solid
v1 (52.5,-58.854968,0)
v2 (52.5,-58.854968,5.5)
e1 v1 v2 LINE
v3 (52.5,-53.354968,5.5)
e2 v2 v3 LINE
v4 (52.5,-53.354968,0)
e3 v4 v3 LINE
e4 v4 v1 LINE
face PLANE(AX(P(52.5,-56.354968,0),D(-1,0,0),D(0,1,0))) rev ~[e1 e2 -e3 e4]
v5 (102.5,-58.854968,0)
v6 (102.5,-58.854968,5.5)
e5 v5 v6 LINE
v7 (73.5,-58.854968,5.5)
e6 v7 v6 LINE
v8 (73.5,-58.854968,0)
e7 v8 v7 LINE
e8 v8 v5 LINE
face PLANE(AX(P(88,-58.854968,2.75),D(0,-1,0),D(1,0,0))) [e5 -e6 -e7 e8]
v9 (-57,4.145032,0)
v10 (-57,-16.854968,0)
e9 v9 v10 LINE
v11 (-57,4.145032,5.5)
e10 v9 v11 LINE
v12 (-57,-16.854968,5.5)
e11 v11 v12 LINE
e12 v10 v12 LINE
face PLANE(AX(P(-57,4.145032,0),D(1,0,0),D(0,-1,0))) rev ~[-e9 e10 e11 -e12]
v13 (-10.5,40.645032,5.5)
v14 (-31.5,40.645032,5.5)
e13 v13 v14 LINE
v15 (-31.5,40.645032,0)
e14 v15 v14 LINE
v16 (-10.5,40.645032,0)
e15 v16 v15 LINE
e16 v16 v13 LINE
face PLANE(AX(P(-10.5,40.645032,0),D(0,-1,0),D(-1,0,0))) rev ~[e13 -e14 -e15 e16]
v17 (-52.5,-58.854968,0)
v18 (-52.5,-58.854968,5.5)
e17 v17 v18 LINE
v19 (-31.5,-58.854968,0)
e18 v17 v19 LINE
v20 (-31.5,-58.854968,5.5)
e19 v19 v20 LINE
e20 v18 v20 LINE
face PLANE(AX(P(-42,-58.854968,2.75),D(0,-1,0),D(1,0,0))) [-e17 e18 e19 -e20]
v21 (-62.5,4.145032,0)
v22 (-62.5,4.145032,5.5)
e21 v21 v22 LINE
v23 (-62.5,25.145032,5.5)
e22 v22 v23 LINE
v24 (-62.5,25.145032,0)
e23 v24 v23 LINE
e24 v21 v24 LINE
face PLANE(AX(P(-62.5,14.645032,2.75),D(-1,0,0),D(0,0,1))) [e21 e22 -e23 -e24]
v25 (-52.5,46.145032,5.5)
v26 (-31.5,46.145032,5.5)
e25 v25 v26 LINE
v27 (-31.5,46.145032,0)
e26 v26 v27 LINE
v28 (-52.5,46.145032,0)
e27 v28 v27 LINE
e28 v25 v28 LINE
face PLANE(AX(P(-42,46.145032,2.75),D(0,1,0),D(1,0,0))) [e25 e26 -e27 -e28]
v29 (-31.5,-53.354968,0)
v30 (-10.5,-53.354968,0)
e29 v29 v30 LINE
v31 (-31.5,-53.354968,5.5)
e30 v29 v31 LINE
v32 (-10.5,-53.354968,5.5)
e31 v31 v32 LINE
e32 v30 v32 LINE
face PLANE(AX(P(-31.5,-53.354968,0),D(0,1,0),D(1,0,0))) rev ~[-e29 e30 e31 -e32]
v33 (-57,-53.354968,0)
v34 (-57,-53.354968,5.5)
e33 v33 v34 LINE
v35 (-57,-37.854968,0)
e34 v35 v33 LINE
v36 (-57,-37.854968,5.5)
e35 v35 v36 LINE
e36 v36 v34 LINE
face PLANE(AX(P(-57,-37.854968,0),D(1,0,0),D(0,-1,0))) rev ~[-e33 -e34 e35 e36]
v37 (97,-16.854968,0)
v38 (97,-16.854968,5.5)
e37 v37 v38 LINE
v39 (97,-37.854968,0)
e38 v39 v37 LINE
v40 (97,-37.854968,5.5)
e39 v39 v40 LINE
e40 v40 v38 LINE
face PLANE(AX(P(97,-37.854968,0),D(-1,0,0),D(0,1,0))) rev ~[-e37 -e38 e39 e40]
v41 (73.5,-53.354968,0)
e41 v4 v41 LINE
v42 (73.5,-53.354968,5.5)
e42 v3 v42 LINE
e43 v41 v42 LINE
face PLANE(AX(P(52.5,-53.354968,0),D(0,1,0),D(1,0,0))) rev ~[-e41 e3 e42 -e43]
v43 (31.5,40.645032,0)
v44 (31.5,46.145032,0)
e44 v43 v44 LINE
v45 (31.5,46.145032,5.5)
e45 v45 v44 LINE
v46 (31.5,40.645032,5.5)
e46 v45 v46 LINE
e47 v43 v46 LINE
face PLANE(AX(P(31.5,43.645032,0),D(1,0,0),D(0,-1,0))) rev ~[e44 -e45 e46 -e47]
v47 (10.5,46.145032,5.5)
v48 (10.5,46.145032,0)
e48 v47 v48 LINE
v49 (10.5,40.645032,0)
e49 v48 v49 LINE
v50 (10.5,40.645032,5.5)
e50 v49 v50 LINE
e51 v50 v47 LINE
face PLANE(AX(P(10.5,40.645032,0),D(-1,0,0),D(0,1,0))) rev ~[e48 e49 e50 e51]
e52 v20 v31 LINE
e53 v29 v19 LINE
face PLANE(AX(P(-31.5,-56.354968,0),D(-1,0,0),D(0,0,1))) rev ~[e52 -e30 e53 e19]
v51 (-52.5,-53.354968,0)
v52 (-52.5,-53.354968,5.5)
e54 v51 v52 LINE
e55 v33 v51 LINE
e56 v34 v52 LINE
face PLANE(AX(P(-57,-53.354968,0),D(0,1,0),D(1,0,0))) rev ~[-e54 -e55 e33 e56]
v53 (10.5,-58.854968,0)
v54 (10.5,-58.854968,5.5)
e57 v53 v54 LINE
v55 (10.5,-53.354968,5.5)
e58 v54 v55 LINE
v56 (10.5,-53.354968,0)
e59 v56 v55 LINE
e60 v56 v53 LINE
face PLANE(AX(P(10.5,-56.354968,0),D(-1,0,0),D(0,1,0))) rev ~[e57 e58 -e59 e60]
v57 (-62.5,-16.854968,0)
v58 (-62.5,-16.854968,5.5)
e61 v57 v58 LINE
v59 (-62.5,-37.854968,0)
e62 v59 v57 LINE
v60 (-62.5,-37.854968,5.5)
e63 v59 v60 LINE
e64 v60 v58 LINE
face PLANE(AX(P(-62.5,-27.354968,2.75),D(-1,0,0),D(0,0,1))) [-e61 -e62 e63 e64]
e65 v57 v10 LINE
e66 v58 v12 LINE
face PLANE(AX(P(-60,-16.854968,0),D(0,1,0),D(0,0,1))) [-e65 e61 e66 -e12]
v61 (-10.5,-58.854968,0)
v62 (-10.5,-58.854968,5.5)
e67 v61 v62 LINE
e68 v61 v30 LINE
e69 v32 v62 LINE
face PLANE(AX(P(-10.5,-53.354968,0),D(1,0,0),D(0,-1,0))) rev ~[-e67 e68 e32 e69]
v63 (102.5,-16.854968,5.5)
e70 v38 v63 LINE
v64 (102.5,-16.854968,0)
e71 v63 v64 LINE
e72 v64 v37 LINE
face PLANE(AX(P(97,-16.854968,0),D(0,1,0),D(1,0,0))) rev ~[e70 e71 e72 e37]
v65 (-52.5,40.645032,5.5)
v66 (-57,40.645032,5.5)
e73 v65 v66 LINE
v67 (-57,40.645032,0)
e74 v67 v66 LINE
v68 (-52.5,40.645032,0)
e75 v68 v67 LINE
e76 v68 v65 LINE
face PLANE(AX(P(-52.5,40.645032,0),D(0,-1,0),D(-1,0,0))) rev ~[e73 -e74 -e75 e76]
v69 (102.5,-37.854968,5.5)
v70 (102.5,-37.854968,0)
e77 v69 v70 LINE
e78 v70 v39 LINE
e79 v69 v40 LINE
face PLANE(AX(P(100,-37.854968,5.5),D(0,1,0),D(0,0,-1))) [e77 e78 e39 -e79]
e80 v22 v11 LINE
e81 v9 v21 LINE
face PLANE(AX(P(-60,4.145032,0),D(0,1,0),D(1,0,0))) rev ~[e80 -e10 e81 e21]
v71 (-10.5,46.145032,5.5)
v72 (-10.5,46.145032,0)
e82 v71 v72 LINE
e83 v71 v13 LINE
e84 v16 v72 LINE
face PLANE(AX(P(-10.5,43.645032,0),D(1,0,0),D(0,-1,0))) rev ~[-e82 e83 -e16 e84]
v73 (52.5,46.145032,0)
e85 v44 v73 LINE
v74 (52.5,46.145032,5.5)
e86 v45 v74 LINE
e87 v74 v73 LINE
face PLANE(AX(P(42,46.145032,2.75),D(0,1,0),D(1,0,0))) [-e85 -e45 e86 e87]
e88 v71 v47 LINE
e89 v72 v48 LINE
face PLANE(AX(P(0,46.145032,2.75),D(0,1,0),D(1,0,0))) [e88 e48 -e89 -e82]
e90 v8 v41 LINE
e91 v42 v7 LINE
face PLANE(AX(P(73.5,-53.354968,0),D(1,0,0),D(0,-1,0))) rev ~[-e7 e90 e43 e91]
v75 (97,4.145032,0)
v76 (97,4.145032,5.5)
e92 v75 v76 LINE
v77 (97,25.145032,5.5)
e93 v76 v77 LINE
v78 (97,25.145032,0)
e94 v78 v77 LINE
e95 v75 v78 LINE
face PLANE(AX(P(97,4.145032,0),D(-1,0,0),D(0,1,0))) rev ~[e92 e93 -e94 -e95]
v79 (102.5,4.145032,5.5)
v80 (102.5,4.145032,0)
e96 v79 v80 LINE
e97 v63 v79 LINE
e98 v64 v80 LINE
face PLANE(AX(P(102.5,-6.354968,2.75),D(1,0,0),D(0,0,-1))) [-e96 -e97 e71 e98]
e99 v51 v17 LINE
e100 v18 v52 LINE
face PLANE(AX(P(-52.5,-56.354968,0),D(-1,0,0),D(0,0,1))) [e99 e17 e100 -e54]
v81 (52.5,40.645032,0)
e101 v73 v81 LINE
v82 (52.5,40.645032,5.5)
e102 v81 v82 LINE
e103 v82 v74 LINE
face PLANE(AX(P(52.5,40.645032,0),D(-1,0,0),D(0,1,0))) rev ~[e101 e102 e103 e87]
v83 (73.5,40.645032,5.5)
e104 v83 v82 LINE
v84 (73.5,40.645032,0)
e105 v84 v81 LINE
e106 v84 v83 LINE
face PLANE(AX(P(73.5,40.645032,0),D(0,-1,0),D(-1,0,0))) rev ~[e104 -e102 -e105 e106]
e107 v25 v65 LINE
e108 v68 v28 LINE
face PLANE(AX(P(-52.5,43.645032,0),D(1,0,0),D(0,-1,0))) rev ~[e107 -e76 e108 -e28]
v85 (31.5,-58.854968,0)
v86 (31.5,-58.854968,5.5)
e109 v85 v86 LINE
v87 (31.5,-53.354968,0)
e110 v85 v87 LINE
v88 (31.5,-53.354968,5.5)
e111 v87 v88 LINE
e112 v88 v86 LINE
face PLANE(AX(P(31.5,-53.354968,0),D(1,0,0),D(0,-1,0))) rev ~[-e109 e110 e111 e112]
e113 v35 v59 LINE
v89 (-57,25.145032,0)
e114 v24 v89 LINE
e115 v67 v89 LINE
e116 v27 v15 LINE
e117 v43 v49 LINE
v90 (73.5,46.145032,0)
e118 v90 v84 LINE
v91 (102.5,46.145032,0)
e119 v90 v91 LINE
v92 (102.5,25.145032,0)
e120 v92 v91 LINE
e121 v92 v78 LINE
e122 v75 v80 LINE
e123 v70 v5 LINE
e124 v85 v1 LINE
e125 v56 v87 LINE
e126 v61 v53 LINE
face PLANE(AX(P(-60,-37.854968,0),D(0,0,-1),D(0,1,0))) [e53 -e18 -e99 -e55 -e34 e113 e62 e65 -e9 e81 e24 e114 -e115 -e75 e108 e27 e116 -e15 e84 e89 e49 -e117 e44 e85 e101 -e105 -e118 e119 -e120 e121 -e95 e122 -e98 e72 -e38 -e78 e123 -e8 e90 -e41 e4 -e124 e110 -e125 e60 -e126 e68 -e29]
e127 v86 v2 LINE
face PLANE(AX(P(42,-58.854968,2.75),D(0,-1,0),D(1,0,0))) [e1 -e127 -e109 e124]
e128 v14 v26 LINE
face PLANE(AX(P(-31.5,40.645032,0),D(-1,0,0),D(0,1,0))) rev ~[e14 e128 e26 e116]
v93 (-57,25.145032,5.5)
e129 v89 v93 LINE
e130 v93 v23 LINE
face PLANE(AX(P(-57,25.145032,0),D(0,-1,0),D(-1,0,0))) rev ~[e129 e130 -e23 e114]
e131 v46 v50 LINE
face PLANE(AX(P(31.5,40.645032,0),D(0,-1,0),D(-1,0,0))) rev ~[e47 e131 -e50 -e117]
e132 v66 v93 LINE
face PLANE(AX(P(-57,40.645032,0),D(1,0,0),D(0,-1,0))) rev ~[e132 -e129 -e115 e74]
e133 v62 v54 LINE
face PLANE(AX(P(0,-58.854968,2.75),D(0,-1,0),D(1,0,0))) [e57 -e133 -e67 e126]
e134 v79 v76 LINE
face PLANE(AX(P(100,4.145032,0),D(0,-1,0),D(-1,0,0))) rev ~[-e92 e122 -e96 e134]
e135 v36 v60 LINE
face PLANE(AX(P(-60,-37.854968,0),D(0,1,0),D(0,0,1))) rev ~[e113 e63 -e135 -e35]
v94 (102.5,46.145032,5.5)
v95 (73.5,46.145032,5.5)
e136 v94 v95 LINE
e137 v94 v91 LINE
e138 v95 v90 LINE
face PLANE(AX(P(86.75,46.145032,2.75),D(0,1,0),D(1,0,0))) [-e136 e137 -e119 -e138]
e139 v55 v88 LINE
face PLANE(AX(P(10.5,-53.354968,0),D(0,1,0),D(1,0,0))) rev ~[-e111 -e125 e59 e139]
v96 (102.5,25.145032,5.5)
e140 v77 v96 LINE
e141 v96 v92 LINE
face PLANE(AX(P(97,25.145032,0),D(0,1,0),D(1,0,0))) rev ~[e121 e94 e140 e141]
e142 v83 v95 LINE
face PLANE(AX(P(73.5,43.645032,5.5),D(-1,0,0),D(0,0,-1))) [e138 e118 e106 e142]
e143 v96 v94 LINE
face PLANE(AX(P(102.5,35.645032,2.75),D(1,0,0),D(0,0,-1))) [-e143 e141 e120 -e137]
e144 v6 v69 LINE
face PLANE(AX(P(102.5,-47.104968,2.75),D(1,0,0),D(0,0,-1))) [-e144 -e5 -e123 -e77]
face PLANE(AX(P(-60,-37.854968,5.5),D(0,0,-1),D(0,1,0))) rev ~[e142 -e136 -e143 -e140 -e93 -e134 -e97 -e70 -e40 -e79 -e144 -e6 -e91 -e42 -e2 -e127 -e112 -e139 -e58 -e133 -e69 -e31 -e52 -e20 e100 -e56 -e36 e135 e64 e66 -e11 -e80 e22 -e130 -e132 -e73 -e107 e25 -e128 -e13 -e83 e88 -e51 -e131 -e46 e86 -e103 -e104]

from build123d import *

# Parameters (mm, degrees)
SALIENTE_EXTRUIR1_DEPTH = 5.5
CROQUIS2_W              = 26.5
CROQUIS2_H              = 5.5
CROQUIS2_W_2            = 21
SALIENTE_EXTRUIR2_DEPTH = 2.5
CROQUIS3_W              = 5.5
CROQUIS3_H              = 18.5
CROQUIS3_H_2            = 21
SALIENTE_EXTRUIR3_DEPTH = 2.5
CROQUIS4_W              = 21
CROQUIS4_H              = 5.5
CROQUIS4_W_2            = 29
SALIENTE_EXTRUIR4_DEPTH = 2.5
CROQUIS5_W              = 5.5
CROQUIS5_H              = 21
SALIENTE_EXTRUIR5_DEPTH = 2.5


with BuildPart() as part:
    # Croquis1 → Saliente-Extruir1 (new body)
    with BuildSketch(Plane.XY):
        Polygon((-57, -53.354967587), (-52.5, -53.354967587), (-52.5, -56.354967587), (-31.5, -56.354967587), (-31.5, -53.354967587), (-10.5, -53.354967587), (-10.5, -56.354967587), (10.5, -56.354967587), (10.5, -53.354967587), (31.5, -53.354967587), (31.5, -56.354967587), (52.5, -56.354967587), (52.5, -53.354967587), (73.5, -53.354967587), (73.5, -56.354967587), (94.5, -56.354967587), (100, -56.354967587), (100, -37.854967587), (97, -37.854967587), (97, -16.854967587), (100, -16.854967587), (100, 4.145032413), (97, 4.145032413), (97, 25.145032413), (100, 25.145032413), (100, 43.645032413), (73.5, 43.645032413), (73.5, 40.645032413), (52.5, 40.645032413), (52.5, 43.645032413), (31.5, 43.645032413), (31.5, 40.645032413), (10.5, 40.645032413), (10.5, 43.645032413), (-10.5, 43.645032413), (-10.5, 40.645032413), (-31.5, 40.645032413), (-31.5, 43.645032413), (-52.5, 43.645032413), (-52.5, 40.645032413), (-57, 40.645032413), (-57, 25.145032413), (-60, 25.145032413), (-60, 4.145032413), (-57, 4.145032413), (-57, -16.854967587), (-60, -16.854967587), (-60, -37.854967587), (-57, -37.854967587), align=None)
    extrude(amount=SALIENTE_EXTRUIR1_DEPTH)

    # Croquis2 → Saliente-Extruir2 (add)
    with BuildSketch(Plane(origin=(0, 43.645032413, 0), x_dir=(1, 0, 0), z_dir=(0, 1, 0))):
        with Locations((86.75, -2.75)):
            Rectangle(CROQUIS2_W, CROQUIS2_H)
        with Locations((42, -2.75)):
            Rectangle(CROQUIS2_W_2, CROQUIS2_H)
        with Locations((0, -2.75)):
            Rectangle(CROQUIS2_W_2, CROQUIS2_H)
        with Locations((-42, -2.75)):
            Rectangle(CROQUIS2_W_2, CROQUIS2_H)
    extrude(amount=SALIENTE_EXTRUIR2_DEPTH)

    # Croquis3 → Saliente-Extruir3 (add)
    with BuildSketch(Plane(origin=(100, 0, 0), x_dir=(0, 0, -1), z_dir=(1, 0, 0))):
        with Locations((-2.75, -47.104967587)):
            Rectangle(CROQUIS3_W, CROQUIS3_H)
        with Locations((-2.75, -6.354967587)):
            Rectangle(CROQUIS3_W, CROQUIS3_H_2)
        with Locations((-2.75, 35.645032413)):
            Rectangle(CROQUIS3_W, CROQUIS3_H_2)
    extrude(amount=SALIENTE_EXTRUIR3_DEPTH)

    # Croquis4 → Saliente-Extruir4 (add)
    with BuildSketch(Plane.XZ.offset(56.354967587)):
        with Locations((-42, 2.75)):
            Rectangle(CROQUIS4_W, CROQUIS4_H)
        with Locations((0, 2.75)):
            Rectangle(CROQUIS4_W, CROQUIS4_H)
        with Locations((42, 2.75)):
            Rectangle(CROQUIS4_W, CROQUIS4_H)
        with Locations((88, 2.75)):
            Rectangle(CROQUIS4_W_2, CROQUIS4_H)
    extrude(amount=SALIENTE_EXTRUIR4_DEPTH)

    # Croquis5 → Saliente-Extruir5 (add)
    with BuildSketch(Plane.ZY.offset(60)):
        with Locations((2.75, -27.354967587)):
            Rectangle(CROQUIS5_W, CROQUIS5_H)
        with Locations((2.75, 14.645032413)):
            Rectangle(CROQUIS5_W, CROQUIS5_H)
    extrude(amount=SALIENTE_EXTRUIR5_DEPTH)


solid = part.part
